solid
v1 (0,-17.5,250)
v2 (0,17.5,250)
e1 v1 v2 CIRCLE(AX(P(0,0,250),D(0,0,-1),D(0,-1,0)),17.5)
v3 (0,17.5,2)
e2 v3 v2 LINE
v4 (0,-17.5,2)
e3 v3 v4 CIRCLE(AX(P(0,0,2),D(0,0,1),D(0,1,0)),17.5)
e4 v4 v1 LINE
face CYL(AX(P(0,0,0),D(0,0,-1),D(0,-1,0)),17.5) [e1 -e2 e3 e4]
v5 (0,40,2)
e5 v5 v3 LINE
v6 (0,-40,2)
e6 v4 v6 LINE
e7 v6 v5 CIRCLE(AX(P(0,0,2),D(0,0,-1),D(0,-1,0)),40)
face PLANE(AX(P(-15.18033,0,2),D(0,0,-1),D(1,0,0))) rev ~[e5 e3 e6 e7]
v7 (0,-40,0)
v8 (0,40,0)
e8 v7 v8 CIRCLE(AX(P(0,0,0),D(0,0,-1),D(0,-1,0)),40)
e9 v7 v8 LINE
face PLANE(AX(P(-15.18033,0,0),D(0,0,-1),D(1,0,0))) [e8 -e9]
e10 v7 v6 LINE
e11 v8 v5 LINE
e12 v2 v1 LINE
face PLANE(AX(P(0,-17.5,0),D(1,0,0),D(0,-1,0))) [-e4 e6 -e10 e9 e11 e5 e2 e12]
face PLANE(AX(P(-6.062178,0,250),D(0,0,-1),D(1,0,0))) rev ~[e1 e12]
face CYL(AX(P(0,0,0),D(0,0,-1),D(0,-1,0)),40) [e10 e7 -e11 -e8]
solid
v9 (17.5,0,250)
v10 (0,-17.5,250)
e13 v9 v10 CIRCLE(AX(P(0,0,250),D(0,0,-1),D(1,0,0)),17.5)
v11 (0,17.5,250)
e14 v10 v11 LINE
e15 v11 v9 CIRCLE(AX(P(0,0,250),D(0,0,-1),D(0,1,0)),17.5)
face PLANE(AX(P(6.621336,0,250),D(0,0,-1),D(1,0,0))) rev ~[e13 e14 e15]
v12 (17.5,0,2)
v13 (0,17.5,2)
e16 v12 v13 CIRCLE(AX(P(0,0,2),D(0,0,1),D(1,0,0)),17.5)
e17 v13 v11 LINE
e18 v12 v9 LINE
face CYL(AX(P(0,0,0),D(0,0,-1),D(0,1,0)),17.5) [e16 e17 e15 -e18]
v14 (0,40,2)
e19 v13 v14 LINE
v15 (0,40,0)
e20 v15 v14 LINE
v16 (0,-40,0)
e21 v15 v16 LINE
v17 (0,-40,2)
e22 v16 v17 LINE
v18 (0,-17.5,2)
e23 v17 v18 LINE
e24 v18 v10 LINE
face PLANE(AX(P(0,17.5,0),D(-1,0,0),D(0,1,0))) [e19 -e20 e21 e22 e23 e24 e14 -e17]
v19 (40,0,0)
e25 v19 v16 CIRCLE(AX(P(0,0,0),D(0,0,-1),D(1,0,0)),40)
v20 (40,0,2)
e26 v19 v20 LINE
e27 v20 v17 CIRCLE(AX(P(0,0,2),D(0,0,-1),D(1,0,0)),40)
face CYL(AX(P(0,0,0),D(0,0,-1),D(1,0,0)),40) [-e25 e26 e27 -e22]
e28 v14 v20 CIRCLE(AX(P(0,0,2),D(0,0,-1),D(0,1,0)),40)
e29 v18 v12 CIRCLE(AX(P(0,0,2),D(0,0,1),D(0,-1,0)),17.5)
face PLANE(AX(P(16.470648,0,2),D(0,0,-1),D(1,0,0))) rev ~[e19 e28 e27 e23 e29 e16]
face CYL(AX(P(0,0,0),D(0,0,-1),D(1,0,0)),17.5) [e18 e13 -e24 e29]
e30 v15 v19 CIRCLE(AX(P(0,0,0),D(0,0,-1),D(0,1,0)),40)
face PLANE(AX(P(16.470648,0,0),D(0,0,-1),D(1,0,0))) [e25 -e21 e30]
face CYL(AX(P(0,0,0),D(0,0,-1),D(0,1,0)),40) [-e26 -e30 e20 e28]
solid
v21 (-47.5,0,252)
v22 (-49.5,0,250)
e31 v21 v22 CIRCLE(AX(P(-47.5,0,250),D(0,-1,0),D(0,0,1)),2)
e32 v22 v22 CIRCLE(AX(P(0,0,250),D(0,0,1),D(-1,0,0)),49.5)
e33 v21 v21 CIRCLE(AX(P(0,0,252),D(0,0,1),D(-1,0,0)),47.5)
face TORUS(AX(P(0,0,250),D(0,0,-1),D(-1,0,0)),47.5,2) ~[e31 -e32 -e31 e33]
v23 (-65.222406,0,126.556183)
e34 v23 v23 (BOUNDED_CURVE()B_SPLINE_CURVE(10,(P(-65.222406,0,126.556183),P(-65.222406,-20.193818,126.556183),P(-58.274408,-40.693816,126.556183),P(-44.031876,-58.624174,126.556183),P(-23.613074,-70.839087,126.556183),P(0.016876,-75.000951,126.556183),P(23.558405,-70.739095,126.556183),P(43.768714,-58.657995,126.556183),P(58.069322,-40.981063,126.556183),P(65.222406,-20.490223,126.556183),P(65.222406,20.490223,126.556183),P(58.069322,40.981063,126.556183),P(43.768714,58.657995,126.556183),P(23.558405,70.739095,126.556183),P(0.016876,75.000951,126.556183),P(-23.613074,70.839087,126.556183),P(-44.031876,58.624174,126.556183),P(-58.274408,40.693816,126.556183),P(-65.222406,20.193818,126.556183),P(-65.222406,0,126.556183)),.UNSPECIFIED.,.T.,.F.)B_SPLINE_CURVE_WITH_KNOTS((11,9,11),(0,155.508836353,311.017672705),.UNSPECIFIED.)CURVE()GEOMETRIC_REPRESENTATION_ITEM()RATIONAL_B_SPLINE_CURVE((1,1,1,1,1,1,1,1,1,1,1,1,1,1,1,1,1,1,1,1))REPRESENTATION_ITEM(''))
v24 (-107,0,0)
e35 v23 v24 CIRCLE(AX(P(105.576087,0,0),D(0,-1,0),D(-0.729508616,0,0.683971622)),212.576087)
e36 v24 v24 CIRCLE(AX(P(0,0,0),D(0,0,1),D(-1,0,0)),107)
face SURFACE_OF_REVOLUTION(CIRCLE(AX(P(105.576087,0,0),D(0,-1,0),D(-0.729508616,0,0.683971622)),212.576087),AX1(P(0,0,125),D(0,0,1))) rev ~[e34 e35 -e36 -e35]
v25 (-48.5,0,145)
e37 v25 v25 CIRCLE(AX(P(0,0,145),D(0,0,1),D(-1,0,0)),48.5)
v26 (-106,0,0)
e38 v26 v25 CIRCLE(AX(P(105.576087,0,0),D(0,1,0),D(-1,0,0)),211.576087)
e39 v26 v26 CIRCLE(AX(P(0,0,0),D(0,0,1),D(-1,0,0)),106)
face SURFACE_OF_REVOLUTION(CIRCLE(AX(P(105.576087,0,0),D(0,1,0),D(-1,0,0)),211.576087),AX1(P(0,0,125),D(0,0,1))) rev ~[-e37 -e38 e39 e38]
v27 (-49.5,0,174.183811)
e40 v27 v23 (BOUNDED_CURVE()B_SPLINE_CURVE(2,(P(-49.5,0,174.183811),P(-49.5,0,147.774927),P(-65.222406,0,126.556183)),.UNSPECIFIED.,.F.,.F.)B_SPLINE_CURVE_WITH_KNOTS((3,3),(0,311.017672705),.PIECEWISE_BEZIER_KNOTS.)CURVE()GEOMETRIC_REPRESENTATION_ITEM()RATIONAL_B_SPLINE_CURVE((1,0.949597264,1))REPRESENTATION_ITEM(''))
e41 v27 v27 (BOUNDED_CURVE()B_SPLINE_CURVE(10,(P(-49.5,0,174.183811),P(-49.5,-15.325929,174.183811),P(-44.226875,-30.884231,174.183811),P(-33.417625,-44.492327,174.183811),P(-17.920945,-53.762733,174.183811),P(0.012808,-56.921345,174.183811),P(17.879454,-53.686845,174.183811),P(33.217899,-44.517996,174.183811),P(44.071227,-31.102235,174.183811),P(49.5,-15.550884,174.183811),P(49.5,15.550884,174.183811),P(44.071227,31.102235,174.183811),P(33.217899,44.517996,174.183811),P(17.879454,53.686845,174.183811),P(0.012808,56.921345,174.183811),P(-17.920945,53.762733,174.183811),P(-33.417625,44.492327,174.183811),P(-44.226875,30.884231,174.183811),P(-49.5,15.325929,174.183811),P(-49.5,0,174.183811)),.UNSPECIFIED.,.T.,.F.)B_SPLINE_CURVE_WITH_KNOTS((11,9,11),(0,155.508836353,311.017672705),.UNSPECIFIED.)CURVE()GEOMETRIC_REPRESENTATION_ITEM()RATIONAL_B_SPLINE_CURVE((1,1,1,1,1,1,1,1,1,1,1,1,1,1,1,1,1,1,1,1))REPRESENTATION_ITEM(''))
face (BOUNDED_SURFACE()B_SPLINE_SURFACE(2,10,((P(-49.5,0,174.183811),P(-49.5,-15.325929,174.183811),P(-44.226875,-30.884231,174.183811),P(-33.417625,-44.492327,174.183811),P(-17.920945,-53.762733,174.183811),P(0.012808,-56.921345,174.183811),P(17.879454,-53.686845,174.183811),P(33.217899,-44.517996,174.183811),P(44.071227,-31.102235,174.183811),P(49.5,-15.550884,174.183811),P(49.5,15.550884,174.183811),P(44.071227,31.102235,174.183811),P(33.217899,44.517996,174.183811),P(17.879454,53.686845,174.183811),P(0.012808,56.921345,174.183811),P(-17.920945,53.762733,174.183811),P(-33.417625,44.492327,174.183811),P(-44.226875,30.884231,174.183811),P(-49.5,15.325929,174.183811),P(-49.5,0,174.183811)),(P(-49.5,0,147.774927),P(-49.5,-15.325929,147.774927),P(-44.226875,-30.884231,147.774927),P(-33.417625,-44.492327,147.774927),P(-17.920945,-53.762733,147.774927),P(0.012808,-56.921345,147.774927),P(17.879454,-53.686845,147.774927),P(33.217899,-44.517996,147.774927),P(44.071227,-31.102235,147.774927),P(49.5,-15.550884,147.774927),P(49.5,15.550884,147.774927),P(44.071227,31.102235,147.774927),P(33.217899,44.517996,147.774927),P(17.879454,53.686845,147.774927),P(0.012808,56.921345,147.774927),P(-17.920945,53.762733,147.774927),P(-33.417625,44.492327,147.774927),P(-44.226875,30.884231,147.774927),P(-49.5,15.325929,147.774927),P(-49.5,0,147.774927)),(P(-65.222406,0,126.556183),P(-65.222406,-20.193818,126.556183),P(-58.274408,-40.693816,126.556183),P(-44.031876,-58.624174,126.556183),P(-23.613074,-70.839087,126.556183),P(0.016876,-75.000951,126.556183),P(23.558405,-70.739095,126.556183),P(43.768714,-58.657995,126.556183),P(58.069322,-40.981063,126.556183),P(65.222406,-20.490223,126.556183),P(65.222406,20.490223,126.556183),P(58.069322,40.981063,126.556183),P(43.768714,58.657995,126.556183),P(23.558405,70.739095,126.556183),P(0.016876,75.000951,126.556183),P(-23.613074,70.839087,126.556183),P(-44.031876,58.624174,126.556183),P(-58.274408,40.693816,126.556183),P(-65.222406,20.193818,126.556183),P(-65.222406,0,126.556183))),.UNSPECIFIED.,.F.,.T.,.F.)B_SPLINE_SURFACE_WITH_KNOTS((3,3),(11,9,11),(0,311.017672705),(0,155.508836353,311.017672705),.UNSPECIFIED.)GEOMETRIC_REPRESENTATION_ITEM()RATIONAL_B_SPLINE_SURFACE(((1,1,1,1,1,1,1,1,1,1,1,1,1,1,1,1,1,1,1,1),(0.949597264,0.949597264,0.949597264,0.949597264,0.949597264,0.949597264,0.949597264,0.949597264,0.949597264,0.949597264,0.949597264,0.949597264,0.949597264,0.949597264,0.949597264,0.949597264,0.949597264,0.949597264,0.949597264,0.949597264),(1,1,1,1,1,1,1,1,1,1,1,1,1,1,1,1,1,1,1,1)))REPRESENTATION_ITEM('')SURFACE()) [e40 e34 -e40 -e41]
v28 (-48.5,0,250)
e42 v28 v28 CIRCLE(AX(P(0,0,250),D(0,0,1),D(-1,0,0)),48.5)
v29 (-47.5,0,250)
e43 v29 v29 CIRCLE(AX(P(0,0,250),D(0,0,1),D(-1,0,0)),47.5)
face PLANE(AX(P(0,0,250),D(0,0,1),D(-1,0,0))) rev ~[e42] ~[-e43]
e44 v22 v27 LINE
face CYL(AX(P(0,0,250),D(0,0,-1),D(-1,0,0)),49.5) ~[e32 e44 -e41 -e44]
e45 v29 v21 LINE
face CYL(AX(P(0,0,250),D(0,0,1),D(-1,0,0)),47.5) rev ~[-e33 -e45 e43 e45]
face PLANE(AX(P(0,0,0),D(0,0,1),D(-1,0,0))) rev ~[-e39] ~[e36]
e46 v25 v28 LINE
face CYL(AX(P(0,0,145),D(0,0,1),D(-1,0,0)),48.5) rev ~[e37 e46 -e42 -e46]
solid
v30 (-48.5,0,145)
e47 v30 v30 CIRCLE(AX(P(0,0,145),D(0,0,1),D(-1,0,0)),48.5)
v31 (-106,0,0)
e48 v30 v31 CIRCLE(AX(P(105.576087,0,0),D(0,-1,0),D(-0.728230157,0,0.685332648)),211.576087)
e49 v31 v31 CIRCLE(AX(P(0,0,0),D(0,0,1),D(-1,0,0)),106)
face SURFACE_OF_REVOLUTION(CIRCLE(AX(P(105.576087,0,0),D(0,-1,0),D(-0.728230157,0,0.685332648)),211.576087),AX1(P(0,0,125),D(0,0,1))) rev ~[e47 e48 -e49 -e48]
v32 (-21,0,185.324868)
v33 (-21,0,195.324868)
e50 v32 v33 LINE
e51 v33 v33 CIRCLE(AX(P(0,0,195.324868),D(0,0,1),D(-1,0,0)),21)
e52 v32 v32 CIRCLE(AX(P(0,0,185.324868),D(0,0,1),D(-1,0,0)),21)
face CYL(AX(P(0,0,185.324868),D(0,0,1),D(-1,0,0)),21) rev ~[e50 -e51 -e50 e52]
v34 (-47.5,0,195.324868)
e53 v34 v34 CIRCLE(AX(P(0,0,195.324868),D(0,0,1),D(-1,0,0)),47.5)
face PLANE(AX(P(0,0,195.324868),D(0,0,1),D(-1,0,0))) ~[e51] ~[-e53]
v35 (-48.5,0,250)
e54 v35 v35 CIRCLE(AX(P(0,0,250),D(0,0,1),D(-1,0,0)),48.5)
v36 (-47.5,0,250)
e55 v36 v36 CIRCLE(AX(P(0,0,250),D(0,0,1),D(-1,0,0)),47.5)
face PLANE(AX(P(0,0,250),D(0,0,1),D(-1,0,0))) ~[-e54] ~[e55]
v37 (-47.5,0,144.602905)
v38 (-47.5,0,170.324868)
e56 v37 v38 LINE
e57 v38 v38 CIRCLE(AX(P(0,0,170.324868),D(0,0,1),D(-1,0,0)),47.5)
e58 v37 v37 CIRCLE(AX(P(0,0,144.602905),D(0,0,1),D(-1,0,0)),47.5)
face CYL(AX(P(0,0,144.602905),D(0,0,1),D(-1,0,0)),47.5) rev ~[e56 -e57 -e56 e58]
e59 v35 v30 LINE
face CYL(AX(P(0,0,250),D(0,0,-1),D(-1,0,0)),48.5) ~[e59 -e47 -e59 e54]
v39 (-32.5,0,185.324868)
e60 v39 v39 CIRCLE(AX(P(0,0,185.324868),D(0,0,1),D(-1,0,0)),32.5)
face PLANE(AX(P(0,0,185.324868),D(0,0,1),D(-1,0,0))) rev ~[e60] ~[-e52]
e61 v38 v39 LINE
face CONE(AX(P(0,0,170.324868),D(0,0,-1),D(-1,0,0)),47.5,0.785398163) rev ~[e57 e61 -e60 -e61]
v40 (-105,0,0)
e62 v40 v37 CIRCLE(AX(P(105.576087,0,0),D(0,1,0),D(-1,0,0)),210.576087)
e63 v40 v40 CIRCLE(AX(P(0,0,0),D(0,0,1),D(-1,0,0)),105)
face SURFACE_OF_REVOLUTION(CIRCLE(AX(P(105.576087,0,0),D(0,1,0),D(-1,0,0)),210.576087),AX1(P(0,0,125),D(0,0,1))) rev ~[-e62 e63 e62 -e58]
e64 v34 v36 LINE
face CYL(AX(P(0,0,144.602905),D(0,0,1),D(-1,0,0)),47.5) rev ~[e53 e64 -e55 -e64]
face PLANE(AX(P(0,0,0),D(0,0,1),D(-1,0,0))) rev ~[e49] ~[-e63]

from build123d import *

# Parameters (mm, degrees)
F5_DEPTH = 250
F6_DEPTH = 2
F7_DEPTH = 250
F8_DEPTH = 2
F9_R     = 80


with BuildPart() as f1:
    # F0 (on Front) → F1 (revolve)
    with BuildSketch(Plane.XZ):
        with BuildLine():
            ThreePointArc((-105, 0), (-90.0976872134, 77.8078562871), (-47.5, 144.6029045351))
            Line((-47.5, 144.6029045351), (-47.5, 170.3248679638))
            Line((-47.5, 170.3248679638), (-47.5, 185.3248679638))
            Line((-47.5, 185.3248679638), (-47.5, 195.3248679638))
            Line((-47.5, 195.3248679638), (-47.5, 250))
            Line((-47.5, 250), (-48.5, 250))
            Line((-48.5, 250), (-48.5, 145))
            ThreePointArc((-48.5, 145), (-91.1003683497, 77.992387449), (-106, 0))
            Line((-106, 0), (-105, 0))
        make_face()
        Polygon((-47.5, 185.3248679638), (-47.5, 170.3248679638), (-32.5, 185.3248679638), align=None)
        Polygon((-47.5, 195.3248679638), (-47.5, 185.3248679638), (-32.5, 185.3248679638), (-21, 185.3248679638), (-21, 195.3248679638), align=None)
    revolve(axis=Axis((0, 0, 125), (0, 0, 1)))


with BuildPart() as f3:
    # F2 (on Front) → F3 (revolve)
    with BuildSketch(Plane.XZ):
        with BuildLine():
            ThreePointArc((-106, 0), (-91.1003683497, 77.992387449), (-48.5, 145))
            Line((-48.5, 145), (-48.5, 250))
            Line((-48.5, 250), (-47.5, 250))
            Line((-47.5, 250), (-47.5, 252))
            ThreePointArc((-47.5, 252), (-48.9142135624, 251.4142135624), (-49.5, 250))
            Line((-49.5, 250), (-49.5, 145.3960109494))
            ThreePointArc((-49.5, 145.3960109494), (-92.1030223235, 78.1764830368), (-107, 0))
            Line((-107, 0), (-106, 0))
        make_face()
    revolve(axis=Axis((0, 0, 125), (0, 0, 1)))

    # F9
    f9_edges = [f3.edges().sort_by_distance(p)[0] for p in [
        (49.5, 0, 145.396011),
    ]]
    fillet(f9_edges, radius=F9_R)


with BuildPart() as f5:
    # F4 (on face) → F5 (new body, through all)
    with BuildSketch(Plane(origin=(0, 0, 0), x_dir=(1, 0, 0), z_dir=(0, 0, -1))):
        with BuildLine():
            Line((0, -17.5), (0, 17.5))
            ThreePointArc((0, 17.5), (-17.5, 0), (0, -17.5))
        make_face()
    extrude(amount=-F5_DEPTH)

    # F4 (on face) → F6 (join)
    with BuildSketch(Plane(origin=(0, 0, 0), x_dir=(1, 0, 0), z_dir=(0, 0, -1))):
        with BuildLine():
            ThreePointArc((0, -17.5), (-17.5, 0), (0, 17.5))
            Line((0, 17.5), (0, 40))
            ThreePointArc((0, 40), (-40, 0), (0, -40))
            Line((0, -40), (0, -17.5))
        make_face()
    extrude(amount=-F6_DEPTH)


with BuildPart() as f7:
    # F4 (on face) → F7 (new body, through all)
    with BuildSketch(Plane(origin=(0, 0, 0), x_dir=(1, 0, 0), z_dir=(0, 0, -1))):
        with BuildLine():
            ThreePointArc((0, -17.5), (12.3743686708, -12.3743686708), (17.5, 0))
            ThreePointArc((17.5, 0), (12.3743686708, 12.3743686708), (0, 17.5))
            Line((0, 17.5), (0, -17.5))
        make_face()
    extrude(amount=-F7_DEPTH)

    # F4 (on face) → F8 (join)
    with BuildSketch(Plane(origin=(0, 0, 0), x_dir=(1, 0, 0), z_dir=(0, 0, -1))):
        with BuildLine():
            ThreePointArc((0, 17.5), (12.3743686708, 12.3743686708), (17.5, 0))
            ThreePointArc((17.5, 0), (12.3743686708, -12.3743686708), (0, -17.5))
            Line((0, -17.5), (0, -40))
            ThreePointArc((0, -40), (28.2842712475, -28.2842712475), (40, 0))
            ThreePointArc((40, 0), (28.2842712475, 28.2842712475), (0, 40))
            Line((0, 40), (0, 17.5))
        make_face()
    extrude(amount=-F8_DEPTH)


solid = Compound([f1.part, f3.part, f5.part, f7.part])
